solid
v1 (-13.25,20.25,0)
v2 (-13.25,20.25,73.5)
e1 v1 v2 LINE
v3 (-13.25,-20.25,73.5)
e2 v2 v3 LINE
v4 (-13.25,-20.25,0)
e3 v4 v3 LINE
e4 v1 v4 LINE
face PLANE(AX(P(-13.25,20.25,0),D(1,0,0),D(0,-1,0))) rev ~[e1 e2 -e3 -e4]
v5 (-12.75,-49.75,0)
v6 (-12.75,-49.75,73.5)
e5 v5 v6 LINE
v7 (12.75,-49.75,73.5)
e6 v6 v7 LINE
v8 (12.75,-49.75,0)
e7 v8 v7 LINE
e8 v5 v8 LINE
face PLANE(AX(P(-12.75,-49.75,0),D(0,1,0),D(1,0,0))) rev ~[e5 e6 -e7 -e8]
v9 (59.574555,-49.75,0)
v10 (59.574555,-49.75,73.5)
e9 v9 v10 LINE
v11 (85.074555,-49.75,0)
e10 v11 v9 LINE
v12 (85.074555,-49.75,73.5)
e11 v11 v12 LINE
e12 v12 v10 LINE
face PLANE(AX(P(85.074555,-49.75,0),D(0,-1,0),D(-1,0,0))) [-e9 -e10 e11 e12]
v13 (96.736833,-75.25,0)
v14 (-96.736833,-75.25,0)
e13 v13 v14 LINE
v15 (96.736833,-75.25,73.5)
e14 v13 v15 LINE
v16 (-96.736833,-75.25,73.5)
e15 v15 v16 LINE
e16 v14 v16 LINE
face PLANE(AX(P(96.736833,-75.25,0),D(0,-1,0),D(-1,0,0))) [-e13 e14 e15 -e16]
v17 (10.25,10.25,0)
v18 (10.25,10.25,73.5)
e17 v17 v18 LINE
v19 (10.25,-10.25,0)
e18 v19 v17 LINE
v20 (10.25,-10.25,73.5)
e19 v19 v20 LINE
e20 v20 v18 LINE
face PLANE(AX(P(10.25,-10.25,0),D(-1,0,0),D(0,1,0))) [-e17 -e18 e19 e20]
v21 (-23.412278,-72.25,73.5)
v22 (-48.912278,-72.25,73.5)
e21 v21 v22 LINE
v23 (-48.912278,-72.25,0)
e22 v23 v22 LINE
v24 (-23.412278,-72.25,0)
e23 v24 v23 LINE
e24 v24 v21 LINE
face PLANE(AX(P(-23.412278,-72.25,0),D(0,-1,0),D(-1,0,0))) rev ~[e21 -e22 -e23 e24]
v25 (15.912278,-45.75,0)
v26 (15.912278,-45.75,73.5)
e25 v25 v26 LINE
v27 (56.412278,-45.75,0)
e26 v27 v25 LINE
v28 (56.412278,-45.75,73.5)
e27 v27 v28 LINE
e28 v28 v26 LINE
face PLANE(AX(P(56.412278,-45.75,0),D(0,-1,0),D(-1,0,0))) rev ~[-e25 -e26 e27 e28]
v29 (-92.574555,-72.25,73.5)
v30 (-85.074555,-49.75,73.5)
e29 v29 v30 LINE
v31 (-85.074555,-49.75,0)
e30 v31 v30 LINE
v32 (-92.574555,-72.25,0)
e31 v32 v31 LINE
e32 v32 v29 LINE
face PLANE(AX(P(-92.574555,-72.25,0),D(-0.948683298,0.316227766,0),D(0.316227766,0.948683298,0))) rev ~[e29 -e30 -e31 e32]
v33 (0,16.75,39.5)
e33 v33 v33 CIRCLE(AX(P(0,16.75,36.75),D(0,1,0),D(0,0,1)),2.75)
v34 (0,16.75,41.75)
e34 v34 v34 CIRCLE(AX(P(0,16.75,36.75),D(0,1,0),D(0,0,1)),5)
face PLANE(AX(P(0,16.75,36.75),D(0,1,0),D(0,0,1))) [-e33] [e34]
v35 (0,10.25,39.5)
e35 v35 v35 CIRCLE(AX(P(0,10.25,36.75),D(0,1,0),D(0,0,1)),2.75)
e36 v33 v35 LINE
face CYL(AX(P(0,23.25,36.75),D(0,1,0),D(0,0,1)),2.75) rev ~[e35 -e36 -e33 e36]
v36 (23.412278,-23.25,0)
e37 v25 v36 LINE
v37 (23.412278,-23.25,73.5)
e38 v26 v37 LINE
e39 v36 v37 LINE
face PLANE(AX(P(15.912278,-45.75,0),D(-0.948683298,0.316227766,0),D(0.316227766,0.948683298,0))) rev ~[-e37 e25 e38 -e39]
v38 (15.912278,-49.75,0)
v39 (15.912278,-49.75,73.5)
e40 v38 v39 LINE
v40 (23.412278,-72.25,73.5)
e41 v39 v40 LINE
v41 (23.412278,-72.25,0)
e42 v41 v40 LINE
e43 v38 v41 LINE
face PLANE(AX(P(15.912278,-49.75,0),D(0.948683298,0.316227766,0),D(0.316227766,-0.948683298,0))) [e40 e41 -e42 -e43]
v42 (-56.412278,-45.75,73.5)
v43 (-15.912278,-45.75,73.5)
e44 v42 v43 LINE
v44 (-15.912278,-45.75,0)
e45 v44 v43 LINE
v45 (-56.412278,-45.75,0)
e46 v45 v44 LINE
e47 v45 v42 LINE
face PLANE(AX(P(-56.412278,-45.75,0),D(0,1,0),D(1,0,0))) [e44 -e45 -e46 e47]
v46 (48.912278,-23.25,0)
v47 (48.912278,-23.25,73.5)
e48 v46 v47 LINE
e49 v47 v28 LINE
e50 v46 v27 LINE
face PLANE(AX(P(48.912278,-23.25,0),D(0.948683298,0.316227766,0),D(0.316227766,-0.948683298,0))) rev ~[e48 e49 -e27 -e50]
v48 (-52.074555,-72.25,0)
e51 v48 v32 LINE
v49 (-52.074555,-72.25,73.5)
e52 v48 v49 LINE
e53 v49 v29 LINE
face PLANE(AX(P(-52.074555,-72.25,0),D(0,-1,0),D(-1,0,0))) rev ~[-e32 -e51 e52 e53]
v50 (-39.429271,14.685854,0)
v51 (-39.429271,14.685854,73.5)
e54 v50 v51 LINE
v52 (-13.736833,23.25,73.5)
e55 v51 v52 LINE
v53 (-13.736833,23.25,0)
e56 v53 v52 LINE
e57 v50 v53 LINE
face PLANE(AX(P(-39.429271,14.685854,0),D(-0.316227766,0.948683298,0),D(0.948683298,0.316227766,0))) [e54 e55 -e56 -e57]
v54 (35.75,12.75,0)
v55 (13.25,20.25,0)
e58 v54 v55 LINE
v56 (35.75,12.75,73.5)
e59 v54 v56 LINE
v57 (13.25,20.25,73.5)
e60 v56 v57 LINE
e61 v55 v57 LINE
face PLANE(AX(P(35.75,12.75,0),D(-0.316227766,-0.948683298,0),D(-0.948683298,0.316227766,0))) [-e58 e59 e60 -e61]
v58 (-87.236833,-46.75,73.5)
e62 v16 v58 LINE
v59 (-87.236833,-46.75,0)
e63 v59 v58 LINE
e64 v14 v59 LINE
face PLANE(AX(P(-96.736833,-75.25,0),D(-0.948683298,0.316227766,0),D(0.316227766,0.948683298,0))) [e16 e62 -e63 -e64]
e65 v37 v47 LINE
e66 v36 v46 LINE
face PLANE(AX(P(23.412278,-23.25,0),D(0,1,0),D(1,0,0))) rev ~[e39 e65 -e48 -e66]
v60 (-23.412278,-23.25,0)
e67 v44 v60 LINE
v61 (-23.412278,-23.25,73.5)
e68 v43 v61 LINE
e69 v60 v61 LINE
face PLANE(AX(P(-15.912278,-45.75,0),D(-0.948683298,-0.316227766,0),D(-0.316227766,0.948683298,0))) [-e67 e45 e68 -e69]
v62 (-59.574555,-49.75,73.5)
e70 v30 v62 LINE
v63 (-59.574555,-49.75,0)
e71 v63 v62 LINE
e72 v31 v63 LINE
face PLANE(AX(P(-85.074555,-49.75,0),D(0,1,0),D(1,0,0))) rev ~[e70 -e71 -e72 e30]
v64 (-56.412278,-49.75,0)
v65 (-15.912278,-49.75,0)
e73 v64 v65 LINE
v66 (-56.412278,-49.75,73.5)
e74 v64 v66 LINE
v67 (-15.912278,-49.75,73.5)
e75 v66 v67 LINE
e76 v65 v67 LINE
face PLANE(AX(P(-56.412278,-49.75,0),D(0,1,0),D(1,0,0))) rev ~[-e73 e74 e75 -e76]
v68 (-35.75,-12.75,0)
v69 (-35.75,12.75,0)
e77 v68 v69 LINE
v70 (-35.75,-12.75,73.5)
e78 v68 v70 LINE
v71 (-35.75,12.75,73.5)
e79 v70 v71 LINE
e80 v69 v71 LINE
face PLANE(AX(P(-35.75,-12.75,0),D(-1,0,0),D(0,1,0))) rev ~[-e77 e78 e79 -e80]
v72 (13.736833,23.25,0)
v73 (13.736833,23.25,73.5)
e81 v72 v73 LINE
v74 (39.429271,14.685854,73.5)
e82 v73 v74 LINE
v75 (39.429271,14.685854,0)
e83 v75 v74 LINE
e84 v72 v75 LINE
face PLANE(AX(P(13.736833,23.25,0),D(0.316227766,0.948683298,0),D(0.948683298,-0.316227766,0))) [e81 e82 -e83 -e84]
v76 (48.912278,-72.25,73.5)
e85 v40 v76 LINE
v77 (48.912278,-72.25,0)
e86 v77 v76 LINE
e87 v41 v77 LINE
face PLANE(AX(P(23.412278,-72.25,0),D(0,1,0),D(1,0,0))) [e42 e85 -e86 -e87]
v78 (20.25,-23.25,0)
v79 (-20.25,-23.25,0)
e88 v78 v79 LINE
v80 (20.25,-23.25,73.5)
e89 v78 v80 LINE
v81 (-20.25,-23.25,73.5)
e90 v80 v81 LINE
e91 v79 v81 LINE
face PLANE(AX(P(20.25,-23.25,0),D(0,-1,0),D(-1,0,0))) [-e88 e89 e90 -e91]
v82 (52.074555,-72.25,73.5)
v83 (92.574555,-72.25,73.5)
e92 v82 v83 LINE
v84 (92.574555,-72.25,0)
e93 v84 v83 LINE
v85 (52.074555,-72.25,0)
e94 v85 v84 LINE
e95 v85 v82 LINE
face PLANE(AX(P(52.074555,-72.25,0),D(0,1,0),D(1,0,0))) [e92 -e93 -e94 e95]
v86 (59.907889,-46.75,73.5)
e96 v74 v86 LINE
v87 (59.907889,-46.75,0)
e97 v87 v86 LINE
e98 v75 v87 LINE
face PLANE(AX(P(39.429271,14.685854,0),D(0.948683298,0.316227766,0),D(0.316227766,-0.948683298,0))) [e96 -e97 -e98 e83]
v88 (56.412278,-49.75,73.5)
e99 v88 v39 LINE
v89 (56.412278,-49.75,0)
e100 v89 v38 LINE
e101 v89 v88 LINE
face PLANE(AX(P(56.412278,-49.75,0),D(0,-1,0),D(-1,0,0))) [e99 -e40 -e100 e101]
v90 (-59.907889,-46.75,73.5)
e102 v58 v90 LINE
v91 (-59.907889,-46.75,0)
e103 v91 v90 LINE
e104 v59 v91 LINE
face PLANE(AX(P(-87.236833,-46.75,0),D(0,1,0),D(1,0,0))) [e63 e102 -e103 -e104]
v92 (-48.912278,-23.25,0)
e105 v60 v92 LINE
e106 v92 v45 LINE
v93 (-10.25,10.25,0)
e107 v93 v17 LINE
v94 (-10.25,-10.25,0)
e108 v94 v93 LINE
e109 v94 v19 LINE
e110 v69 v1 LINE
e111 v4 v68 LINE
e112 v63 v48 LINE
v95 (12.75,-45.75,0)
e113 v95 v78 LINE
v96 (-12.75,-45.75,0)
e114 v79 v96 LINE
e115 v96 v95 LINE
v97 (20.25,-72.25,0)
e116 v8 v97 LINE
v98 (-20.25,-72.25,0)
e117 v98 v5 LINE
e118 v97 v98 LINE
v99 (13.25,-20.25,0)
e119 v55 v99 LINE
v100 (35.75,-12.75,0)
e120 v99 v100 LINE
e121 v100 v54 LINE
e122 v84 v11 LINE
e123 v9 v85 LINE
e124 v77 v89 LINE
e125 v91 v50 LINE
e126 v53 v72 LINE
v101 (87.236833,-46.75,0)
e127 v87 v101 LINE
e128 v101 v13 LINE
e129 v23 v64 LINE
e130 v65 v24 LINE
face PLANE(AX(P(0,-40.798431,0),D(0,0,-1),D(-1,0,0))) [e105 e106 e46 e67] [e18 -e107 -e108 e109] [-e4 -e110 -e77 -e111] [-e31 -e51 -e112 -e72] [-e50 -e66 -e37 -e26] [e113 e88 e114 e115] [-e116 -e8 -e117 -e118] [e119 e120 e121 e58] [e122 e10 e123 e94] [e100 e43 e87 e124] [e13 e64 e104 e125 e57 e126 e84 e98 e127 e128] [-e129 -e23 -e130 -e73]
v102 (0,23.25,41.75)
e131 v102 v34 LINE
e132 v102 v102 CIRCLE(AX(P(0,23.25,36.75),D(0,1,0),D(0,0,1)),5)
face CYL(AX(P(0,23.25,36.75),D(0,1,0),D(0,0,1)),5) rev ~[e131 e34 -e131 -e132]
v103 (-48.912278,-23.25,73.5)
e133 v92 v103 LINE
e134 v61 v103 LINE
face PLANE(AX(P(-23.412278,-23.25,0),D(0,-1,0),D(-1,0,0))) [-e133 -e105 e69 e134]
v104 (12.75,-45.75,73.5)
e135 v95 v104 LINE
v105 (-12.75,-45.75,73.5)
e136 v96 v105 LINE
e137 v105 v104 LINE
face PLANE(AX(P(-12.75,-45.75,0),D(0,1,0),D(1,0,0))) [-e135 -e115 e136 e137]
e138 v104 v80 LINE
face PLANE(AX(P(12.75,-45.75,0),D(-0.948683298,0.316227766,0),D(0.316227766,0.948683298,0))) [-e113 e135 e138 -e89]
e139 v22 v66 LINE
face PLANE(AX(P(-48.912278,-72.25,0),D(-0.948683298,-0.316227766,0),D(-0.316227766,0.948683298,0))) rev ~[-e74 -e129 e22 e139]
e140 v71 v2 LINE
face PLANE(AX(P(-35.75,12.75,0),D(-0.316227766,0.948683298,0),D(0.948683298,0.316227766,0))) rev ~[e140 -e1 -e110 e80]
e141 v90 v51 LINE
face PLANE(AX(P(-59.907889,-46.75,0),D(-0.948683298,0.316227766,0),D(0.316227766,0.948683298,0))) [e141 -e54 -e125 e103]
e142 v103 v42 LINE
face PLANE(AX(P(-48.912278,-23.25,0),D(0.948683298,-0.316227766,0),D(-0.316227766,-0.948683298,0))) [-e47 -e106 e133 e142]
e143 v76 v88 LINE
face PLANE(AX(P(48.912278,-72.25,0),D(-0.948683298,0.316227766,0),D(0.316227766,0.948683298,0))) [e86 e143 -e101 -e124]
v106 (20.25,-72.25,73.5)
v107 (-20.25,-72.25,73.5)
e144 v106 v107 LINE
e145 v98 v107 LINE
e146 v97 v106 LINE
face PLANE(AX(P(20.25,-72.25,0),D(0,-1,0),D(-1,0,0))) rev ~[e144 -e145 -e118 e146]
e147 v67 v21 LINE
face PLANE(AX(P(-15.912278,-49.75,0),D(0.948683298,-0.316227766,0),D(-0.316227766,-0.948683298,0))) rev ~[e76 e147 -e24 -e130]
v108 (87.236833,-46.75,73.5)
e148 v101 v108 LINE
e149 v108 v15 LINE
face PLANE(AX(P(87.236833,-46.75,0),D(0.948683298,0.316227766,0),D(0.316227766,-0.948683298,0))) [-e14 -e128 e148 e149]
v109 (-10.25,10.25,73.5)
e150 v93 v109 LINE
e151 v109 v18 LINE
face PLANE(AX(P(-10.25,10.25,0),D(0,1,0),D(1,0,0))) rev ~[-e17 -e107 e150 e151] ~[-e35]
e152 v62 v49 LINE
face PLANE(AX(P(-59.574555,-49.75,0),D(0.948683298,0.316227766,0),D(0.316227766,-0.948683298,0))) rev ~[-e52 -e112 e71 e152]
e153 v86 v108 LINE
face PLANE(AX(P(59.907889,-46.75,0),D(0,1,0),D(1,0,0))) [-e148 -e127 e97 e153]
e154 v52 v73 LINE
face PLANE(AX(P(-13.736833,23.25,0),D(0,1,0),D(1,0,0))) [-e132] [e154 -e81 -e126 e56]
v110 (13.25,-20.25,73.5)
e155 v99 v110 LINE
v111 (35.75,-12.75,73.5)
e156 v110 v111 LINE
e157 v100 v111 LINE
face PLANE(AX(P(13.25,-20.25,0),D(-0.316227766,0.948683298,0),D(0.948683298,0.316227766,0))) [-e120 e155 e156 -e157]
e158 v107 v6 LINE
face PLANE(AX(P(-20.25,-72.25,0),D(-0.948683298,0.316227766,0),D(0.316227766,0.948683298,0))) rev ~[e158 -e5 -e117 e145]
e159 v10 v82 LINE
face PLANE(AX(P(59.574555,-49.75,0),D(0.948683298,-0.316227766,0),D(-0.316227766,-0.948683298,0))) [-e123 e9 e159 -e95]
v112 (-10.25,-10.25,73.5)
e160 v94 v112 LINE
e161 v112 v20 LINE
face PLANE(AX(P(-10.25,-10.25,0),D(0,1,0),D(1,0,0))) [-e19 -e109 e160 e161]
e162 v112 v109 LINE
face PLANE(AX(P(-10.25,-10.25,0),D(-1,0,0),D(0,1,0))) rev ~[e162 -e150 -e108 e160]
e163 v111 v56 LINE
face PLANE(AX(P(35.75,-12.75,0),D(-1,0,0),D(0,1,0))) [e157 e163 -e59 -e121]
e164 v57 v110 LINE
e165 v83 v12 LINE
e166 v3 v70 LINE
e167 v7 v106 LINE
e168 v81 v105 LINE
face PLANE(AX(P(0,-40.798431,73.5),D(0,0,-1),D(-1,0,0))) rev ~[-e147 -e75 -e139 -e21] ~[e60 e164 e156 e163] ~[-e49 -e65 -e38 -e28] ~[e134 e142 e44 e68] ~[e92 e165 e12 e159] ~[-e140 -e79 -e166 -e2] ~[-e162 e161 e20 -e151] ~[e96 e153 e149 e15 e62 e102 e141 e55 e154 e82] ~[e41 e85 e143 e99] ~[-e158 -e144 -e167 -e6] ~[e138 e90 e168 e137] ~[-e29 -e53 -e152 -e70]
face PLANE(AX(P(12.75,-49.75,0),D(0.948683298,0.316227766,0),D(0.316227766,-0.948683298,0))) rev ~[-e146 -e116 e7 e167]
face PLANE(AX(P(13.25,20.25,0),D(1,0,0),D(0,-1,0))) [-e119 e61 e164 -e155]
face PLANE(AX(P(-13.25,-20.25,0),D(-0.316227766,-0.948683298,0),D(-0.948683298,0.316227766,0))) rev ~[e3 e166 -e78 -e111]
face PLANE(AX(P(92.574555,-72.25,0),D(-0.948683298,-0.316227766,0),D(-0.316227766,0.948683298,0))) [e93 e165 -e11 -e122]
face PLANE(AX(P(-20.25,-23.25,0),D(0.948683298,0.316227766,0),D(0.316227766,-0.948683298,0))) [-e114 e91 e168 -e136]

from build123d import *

# Parameters (mm, degrees)
SKETCH1_W           = 20.5
SKETCH1_H           = 20.5
BOSS_EXTRUDE1_DEPTH = 73.5
SKETCH2_R           = 2.75
CUT_EXTRUDE1_DEPTH  = 33.5
SKETCH3_R           = 5
CUT_EXTRUDE2_DEPTH  = 6.5


with BuildPart() as part:
    # Sketch1 → Boss-Extrude1 (new body)
    with BuildSketch(Plane.XY):
        Polygon((-87.236832981, -46.75), (-59.907888654, -46.75), (-39.429270613, 14.685854123), (-13.736832981, 23.25), (13.736832981, 23.25), (39.429270613, 14.685854123), (59.907888654, -46.75), (87.236832981, -46.75), (96.736832981, -75.25), (-96.736832981, -75.25), align=None)
        Polygon((-13.25, 20.25), (-13.25, -20.25), (-35.75, -12.75), (-35.75, 12.75), align=None, mode=Mode.SUBTRACT)
        Rectangle(SKETCH1_W, SKETCH1_H, mode=Mode.SUBTRACT)
        Polygon((13.25, -20.25), (35.75, -12.75), (35.75, 12.75), (13.25, 20.25), align=None, mode=Mode.SUBTRACT)
        Polygon((-12.75, -49.75), (12.75, -49.75), (20.25, -72.25), (-20.25, -72.25), align=None, mode=Mode.SUBTRACT)
        Polygon((15.91227766, -49.75), (23.41227766, -72.25), (48.91227766, -72.25), (56.41227766, -49.75), align=None, mode=Mode.SUBTRACT)
        Polygon((-48.91227766, -72.25), (-56.41227766, -49.75), (-15.91227766, -49.75), (-23.41227766, -72.25), align=None, mode=Mode.SUBTRACT)
        Polygon((59.57455532, -49.75), (52.07455532, -72.25), (92.57455532, -72.25), (85.07455532, -49.75), align=None, mode=Mode.SUBTRACT)
        Polygon((-92.57455532, -72.25), (-85.07455532, -49.75), (-59.57455532, -49.75), (-52.07455532, -72.25), align=None, mode=Mode.SUBTRACT)
        Polygon((48.91227766, -23.25), (56.41227766, -45.75), (15.91227766, -45.75), (23.41227766, -23.25), align=None, mode=Mode.SUBTRACT)
        Polygon((20.25, -23.25), (-20.25, -23.25), (-12.75, -45.75), (12.75, -45.75), align=None, mode=Mode.SUBTRACT)
        Polygon((-23.41227766, -23.25), (-48.91227766, -23.25), (-56.41227766, -45.75), (-15.91227766, -45.75), align=None, mode=Mode.SUBTRACT)
    extrude(amount=BOSS_EXTRUDE1_DEPTH)

    # Sketch2 → Cut-Extrude1 (cut)
    with BuildSketch(Plane(origin=(0, 23.25, 0), x_dir=(1, 0, 0), z_dir=(0, 1, 0))):
        with Locations(Location((0, -36.75, 0), (0, 0, 270))):
            Circle(SKETCH2_R)
    extrude(amount=-CUT_EXTRUDE1_DEPTH, mode=Mode.SUBTRACT)

    # Sketch3 → Cut-Extrude2 (cut)
    with BuildSketch(Plane(origin=(0, 23.25, 0), x_dir=(1, 0, 0), z_dir=(0, 1, 0))):
        with Locations(Location((0, -36.75, 0), (0, 0, 270))):
            Circle(SKETCH3_R)
    extrude(amount=-CUT_EXTRUDE2_DEPTH, mode=Mode.SUBTRACT)


solid = part.part
